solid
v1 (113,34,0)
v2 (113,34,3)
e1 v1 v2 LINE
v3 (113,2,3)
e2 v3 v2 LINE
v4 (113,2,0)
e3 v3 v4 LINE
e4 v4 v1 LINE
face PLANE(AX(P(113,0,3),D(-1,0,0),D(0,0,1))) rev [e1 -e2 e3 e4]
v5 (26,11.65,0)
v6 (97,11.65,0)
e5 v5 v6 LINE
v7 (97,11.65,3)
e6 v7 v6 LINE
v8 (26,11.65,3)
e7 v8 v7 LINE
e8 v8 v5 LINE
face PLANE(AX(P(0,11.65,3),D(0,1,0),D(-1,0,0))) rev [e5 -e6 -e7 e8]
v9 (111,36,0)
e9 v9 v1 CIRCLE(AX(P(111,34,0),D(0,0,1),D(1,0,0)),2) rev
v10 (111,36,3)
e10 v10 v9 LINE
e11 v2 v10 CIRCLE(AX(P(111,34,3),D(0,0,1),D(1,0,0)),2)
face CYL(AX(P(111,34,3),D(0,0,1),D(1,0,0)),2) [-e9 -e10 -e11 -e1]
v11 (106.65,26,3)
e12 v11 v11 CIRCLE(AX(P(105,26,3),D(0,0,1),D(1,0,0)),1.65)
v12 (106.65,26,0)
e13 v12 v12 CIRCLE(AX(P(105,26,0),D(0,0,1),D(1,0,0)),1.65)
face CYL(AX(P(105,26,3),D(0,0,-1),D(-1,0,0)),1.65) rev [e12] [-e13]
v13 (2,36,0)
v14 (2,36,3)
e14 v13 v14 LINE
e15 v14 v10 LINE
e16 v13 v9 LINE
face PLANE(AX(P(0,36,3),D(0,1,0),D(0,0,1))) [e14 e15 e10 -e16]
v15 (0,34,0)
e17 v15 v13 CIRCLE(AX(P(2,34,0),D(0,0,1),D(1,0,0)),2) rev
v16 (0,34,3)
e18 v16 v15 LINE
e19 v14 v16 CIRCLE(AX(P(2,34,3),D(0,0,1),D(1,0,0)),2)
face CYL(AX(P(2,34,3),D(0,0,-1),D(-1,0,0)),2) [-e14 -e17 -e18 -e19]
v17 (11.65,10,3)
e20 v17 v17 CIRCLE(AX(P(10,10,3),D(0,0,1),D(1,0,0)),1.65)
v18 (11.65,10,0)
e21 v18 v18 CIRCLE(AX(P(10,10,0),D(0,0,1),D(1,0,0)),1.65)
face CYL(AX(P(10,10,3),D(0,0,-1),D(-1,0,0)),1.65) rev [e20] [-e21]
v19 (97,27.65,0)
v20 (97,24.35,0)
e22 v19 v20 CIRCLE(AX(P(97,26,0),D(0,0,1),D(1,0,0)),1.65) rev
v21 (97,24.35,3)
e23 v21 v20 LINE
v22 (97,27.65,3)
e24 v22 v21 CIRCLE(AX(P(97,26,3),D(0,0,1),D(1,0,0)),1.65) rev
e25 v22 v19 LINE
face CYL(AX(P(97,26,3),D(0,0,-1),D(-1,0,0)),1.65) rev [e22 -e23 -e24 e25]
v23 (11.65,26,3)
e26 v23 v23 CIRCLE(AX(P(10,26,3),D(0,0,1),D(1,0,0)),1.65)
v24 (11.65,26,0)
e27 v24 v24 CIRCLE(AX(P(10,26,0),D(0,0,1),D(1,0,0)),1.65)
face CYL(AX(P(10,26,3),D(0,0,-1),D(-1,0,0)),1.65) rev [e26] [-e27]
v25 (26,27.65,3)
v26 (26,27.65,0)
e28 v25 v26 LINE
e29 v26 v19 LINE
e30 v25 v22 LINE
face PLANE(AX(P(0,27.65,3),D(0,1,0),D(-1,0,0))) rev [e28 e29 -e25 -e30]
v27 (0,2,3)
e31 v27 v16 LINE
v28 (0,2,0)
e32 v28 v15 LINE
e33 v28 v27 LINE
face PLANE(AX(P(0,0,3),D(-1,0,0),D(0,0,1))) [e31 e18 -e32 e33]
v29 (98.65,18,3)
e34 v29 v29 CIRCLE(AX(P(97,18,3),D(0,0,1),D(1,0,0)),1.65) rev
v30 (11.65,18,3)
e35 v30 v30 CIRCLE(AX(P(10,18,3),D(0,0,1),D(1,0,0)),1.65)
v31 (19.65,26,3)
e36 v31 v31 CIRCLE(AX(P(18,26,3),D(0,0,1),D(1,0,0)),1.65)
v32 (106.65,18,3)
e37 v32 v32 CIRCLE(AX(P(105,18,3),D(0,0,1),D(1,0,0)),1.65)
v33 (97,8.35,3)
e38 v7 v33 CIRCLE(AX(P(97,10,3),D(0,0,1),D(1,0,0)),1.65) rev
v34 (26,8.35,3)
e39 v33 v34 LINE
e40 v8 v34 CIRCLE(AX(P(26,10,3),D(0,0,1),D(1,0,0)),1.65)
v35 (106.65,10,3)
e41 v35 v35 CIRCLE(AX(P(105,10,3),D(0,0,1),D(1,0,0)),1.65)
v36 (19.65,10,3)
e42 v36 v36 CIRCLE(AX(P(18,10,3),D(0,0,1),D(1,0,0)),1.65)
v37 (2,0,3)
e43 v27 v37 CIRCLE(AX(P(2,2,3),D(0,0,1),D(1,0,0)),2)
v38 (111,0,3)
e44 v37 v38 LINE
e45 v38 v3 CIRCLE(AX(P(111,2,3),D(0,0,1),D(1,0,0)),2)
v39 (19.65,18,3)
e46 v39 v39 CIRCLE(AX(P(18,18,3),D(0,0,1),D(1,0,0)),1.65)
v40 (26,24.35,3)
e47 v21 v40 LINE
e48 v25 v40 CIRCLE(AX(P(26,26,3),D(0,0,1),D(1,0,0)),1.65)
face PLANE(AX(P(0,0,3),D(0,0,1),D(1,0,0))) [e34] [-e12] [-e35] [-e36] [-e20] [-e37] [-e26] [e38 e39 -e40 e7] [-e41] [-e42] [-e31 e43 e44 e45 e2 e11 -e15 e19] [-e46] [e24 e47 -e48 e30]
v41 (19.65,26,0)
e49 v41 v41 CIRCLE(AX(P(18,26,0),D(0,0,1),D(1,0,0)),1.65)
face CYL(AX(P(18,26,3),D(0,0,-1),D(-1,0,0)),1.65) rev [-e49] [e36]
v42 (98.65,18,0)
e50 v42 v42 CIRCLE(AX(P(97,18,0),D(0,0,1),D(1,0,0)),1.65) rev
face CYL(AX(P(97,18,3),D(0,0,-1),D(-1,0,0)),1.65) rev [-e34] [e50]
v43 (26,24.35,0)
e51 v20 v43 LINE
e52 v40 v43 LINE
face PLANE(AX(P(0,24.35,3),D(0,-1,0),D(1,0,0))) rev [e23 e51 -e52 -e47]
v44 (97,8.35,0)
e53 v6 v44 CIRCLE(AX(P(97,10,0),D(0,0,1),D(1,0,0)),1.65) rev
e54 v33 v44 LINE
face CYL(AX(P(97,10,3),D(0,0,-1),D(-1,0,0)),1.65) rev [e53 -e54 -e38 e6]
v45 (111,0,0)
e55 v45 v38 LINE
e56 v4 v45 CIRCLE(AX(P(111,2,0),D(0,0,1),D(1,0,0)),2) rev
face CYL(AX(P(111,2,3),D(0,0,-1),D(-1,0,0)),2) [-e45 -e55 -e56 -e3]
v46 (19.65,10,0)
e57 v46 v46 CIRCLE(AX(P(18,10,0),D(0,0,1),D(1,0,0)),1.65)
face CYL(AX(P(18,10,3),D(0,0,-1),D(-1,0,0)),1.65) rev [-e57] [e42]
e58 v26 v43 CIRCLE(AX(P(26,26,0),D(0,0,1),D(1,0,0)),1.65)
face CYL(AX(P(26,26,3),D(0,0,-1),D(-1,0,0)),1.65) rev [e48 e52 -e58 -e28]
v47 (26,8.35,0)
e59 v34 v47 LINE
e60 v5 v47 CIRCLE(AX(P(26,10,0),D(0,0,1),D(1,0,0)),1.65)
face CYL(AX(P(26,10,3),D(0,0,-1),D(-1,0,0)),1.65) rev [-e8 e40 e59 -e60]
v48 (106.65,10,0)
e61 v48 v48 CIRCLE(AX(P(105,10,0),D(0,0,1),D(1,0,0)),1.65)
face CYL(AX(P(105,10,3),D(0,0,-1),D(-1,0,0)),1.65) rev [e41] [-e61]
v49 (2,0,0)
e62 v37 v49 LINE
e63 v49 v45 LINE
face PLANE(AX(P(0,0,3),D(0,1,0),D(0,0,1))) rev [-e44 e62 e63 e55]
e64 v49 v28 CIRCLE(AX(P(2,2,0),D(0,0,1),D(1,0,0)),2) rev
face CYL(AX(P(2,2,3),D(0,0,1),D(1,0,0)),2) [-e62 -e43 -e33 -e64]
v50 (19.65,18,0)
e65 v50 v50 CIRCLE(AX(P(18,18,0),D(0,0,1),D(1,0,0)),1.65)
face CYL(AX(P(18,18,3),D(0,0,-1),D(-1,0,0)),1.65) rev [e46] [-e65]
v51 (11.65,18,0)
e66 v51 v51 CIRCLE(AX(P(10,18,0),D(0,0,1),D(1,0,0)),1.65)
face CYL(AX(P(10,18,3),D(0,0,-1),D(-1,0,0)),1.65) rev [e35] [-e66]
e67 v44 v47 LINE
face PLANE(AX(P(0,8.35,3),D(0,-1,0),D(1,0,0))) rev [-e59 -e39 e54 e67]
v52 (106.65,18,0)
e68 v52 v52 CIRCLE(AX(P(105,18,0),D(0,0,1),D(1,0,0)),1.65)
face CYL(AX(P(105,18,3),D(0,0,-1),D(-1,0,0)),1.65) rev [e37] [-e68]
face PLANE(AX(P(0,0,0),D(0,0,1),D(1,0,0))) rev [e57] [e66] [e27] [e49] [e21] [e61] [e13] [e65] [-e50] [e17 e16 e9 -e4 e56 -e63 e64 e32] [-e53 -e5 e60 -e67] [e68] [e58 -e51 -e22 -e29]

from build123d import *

# Parameters (mm, degrees)
SKETCH_1_W      = 113
SKETCH_1_H      = 36
SKETCH_1_R      = 1.65
EXTRUDE_1_DEPTH = 3
FILLET_1_R      = 2


with BuildPart() as part:
    # 草图1 → 凸台-拉伸1 (new body)
    with BuildSketch(Plane.XY):
        with Locations((56.5, 18)):
            Rectangle(SKETCH_1_W, SKETCH_1_H)
        with Locations((10, 10)):
            Circle(SKETCH_1_R, mode=Mode.SUBTRACT)
        with Locations((18, 10)):
            Circle(SKETCH_1_R, mode=Mode.SUBTRACT)
        with BuildLine():
            ThreePointArc((26, 8.35), (24.35, 10), (26, 11.65))
            Line((26, 11.65), (97, 11.65))
            ThreePointArc((97, 11.65), (98.166726189, 11.166726189), (98.65, 10))
            ThreePointArc((98.65, 10), (98.166726189, 8.833273811), (97, 8.35))
            Line((97, 8.35), (26, 8.35))
        make_face(mode=Mode.SUBTRACT)
        with Locations((105, 10)):
            Circle(SKETCH_1_R, mode=Mode.SUBTRACT)
        with Locations((10, 18)):
            Circle(SKETCH_1_R, mode=Mode.SUBTRACT)
        with Locations((18, 18)):
            Circle(SKETCH_1_R, mode=Mode.SUBTRACT)
        with Locations((10, 26)):
            Circle(SKETCH_1_R, mode=Mode.SUBTRACT)
        with Locations((18, 26)):
            Circle(SKETCH_1_R, mode=Mode.SUBTRACT)
        with BuildLine():
            ThreePointArc((26, 24.35), (24.35, 26), (26, 27.65))
            Line((26, 27.65), (97, 27.65))
            ThreePointArc((97, 27.65), (98.166726189, 27.166726189), (98.65, 26))
            ThreePointArc((98.65, 26), (98.166726189, 24.833273811), (97, 24.35))
            Line((97, 24.35), (26, 24.35))
        make_face(mode=Mode.SUBTRACT)
        with Locations((97, 18)):
            Circle(SKETCH_1_R, mode=Mode.SUBTRACT)
        with Locations((105, 18)):
            Circle(SKETCH_1_R, mode=Mode.SUBTRACT)
        with Locations((105, 26)):
            Circle(SKETCH_1_R, mode=Mode.SUBTRACT)
    extrude(amount=EXTRUDE_1_DEPTH)

    # 圆角1
    fillet_1_edges = [part.edges().sort_by_distance(p)[0] for p in [
        (0, 0, 1.5),
        (0, 36, 1.5),
        (113, 36, 1.5),
        (113, 0, 1.5),
    ]]
    fillet(fillet_1_edges, radius=FILLET_1_R)


solid = part.part
